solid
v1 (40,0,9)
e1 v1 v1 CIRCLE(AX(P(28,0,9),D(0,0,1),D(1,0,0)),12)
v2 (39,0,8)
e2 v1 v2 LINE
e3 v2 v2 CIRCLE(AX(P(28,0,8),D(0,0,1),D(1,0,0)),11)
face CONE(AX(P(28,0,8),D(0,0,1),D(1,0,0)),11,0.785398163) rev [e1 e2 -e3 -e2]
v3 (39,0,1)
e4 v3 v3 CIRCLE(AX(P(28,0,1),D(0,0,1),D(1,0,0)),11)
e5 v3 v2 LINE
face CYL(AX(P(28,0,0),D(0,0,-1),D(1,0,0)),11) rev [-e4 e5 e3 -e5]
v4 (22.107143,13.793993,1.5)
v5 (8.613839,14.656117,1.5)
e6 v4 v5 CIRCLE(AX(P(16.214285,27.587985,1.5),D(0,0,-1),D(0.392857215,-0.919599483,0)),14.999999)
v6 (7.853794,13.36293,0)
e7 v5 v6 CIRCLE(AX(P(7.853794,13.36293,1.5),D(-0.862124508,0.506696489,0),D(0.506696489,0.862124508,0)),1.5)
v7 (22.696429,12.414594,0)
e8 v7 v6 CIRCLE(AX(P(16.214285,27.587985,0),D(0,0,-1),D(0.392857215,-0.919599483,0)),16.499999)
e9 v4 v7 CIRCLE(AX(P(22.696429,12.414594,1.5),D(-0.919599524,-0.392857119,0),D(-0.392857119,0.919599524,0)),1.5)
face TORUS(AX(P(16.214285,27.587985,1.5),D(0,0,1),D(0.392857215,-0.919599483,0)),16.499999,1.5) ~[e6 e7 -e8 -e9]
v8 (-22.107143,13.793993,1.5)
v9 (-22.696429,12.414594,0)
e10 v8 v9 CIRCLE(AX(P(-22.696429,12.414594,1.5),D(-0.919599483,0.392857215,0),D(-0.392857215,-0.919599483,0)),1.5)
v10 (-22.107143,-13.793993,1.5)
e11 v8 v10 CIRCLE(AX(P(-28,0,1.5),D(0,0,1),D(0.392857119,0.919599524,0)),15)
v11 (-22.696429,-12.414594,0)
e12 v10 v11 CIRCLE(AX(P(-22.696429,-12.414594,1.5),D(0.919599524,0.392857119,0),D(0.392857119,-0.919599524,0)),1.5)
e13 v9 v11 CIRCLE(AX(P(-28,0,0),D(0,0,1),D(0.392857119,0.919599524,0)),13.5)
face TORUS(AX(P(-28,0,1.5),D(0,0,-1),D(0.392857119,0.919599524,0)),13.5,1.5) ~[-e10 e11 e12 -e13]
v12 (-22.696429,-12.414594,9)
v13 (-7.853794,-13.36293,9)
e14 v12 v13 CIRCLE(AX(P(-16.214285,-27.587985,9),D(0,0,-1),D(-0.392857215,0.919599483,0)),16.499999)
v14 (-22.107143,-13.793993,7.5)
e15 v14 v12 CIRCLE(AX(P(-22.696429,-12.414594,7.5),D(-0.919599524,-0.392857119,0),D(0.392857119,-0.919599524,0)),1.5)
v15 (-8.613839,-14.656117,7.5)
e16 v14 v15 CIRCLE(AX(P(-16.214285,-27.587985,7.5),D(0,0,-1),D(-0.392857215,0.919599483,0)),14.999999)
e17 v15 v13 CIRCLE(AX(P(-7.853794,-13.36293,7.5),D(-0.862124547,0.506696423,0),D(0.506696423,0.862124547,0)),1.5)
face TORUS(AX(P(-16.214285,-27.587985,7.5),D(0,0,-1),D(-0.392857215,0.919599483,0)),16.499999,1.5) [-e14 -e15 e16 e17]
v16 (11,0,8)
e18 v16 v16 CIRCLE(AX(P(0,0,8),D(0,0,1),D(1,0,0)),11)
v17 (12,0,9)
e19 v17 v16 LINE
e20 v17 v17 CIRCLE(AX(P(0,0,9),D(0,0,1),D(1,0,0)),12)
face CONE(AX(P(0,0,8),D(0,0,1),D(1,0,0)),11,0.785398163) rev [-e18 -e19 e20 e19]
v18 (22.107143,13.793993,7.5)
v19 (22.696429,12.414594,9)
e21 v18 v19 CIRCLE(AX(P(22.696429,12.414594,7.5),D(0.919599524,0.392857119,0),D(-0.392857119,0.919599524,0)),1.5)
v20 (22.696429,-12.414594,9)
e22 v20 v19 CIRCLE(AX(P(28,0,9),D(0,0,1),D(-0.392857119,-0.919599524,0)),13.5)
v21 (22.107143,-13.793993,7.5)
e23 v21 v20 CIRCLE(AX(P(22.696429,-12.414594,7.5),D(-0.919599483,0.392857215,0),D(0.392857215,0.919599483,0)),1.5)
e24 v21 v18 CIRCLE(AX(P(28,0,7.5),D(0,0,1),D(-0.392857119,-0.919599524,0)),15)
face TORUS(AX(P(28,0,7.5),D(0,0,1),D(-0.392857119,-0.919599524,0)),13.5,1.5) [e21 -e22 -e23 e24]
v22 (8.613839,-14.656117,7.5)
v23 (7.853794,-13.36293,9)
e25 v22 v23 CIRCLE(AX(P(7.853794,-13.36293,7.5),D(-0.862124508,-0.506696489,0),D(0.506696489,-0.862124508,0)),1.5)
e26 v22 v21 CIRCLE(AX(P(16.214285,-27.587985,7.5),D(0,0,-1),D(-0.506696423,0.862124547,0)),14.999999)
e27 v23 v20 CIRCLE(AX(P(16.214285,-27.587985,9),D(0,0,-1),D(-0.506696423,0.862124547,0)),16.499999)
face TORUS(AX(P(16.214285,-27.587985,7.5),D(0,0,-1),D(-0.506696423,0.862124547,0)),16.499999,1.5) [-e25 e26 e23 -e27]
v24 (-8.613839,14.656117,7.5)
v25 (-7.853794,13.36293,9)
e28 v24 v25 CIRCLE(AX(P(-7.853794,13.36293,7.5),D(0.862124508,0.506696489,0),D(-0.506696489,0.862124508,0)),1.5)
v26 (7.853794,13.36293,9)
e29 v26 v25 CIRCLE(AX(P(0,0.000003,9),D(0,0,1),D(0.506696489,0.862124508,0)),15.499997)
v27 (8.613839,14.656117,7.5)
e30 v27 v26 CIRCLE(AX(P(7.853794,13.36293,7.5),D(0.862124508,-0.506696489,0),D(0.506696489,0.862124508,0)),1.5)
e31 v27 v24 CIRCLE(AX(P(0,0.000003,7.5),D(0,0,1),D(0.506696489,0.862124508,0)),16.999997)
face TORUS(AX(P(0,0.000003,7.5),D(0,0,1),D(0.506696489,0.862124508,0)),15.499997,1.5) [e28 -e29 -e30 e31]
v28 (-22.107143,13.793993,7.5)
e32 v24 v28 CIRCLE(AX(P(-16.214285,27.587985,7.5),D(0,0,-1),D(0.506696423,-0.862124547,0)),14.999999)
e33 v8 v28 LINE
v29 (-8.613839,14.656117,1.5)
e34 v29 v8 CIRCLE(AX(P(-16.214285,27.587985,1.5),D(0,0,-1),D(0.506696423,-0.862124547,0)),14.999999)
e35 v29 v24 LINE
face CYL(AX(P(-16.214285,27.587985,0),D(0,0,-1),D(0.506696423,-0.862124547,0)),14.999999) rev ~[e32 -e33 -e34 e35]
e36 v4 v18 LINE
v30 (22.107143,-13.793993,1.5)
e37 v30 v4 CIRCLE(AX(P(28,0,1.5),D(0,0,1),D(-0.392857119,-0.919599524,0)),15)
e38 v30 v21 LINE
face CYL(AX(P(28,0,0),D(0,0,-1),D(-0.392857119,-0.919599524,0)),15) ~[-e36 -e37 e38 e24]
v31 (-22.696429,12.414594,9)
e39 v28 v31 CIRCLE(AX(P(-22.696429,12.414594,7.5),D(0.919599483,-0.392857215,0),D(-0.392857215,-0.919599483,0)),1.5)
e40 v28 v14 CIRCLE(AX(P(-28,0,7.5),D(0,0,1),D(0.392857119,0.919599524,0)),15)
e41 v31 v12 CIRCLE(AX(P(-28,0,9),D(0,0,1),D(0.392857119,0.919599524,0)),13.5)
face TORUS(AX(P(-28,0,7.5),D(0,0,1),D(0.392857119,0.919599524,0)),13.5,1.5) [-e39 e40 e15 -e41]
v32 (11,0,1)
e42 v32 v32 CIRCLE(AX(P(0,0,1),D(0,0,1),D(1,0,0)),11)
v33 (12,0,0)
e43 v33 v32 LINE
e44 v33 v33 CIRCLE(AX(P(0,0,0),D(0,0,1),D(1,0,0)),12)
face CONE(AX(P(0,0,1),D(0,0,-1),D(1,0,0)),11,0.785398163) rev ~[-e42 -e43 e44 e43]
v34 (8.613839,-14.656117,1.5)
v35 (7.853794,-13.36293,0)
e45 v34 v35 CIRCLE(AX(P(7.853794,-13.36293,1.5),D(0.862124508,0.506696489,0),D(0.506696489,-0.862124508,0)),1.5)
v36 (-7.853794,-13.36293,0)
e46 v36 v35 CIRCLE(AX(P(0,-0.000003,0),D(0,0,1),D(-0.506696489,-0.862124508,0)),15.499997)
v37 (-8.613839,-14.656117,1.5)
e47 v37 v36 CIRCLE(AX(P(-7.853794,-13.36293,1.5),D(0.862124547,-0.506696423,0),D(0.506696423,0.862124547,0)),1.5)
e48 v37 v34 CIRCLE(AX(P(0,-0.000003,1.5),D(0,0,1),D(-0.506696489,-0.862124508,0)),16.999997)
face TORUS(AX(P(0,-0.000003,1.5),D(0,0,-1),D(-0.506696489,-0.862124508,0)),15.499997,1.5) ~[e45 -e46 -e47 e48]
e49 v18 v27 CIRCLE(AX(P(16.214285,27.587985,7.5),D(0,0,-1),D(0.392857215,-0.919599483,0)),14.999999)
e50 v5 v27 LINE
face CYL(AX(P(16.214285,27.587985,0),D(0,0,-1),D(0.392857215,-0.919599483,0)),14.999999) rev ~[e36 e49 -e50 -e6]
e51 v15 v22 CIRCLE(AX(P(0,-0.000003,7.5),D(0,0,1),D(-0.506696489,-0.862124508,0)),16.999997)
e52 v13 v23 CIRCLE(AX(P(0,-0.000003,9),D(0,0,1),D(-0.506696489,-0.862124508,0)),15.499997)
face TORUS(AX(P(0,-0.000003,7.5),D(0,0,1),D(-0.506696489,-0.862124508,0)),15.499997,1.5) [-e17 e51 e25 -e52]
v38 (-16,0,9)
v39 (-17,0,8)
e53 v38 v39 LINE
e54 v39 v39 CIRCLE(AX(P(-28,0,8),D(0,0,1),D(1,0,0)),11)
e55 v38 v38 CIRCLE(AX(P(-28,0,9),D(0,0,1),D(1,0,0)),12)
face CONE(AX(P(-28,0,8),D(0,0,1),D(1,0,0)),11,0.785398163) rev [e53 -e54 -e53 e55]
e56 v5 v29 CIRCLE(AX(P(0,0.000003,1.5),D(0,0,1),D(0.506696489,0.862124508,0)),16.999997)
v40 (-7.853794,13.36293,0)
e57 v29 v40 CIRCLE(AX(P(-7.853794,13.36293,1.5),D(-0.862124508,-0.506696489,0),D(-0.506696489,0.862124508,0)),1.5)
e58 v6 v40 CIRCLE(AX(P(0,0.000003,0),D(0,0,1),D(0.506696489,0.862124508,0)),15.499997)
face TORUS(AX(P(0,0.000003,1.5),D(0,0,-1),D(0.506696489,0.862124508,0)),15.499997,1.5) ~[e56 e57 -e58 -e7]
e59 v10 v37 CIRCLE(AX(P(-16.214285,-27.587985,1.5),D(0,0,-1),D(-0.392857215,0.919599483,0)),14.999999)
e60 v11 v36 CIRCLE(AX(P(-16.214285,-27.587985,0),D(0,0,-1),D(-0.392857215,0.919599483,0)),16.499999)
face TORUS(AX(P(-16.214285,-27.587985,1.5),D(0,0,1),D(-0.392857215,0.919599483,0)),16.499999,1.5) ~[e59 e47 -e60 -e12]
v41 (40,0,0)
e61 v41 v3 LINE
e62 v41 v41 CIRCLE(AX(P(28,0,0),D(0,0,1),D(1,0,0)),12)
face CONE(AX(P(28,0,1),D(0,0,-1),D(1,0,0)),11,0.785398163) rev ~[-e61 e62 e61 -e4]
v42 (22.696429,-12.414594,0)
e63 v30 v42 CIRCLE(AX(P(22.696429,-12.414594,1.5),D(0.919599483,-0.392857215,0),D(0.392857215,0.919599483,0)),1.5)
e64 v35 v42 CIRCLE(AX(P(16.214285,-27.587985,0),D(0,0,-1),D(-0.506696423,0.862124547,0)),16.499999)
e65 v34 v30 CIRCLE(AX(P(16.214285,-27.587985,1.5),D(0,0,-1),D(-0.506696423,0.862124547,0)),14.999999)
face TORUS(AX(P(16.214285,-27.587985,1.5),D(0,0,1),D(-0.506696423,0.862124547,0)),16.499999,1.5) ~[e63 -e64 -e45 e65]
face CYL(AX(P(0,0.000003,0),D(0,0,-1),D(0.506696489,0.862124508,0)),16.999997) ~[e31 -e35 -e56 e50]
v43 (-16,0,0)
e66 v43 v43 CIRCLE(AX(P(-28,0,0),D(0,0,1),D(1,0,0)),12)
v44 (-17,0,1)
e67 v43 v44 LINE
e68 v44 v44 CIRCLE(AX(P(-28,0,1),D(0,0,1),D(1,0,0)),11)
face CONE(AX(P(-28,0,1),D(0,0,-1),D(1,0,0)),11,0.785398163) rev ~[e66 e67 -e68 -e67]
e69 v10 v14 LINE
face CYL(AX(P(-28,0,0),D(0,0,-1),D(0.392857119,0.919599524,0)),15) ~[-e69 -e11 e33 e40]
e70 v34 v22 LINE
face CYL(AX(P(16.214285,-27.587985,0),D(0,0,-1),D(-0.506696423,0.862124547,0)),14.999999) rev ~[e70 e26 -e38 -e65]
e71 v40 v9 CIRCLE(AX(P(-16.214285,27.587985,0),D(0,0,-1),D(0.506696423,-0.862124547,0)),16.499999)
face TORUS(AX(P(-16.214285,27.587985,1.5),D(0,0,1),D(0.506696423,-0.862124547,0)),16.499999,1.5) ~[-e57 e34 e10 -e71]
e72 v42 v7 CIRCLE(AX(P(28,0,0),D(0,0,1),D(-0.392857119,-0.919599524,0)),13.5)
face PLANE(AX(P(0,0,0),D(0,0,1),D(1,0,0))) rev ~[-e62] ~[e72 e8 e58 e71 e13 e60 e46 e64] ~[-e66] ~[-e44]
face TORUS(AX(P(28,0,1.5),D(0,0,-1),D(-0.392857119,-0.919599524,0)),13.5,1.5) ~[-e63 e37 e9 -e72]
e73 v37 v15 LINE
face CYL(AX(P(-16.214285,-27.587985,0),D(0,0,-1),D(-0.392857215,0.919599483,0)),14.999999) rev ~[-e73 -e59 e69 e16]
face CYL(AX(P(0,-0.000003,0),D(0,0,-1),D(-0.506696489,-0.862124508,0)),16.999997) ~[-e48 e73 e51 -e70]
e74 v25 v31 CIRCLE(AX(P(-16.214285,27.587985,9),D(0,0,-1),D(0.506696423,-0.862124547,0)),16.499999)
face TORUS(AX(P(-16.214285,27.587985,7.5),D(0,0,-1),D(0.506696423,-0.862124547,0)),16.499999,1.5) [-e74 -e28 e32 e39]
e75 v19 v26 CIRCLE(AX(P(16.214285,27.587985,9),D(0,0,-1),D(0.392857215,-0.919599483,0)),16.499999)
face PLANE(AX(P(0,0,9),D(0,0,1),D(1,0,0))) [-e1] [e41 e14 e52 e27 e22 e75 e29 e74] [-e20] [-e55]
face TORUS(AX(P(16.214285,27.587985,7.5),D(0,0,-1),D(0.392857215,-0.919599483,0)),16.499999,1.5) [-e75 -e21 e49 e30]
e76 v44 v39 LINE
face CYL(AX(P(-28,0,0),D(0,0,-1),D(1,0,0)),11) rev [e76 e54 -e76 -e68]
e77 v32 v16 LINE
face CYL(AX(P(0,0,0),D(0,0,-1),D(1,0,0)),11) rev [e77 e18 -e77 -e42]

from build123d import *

# Parameters (mm, degrees)
F0_R     = 11
F1_DEPTH = 9
F2_R     = 1.5
F3_SIZE  = 1


with BuildPart() as f1:
    # F0 (on Top) → F1 (new body)
    with BuildSketch(Plane.XY):
        with BuildLine():
            ThreePointArc((-8.613839, 14.656117), (-15.257844, 12.618509), (-22.107143, 13.793993))
            ThreePointArc((-22.107143, 13.793993), (-43, 0), (-22.107143, -13.793993))
            ThreePointArc((-22.107143, -13.793993), (-15.257844, -12.618509), (-8.613839, -14.656117))
            ThreePointArc((-8.613839, -14.656117), (0, -17), (8.613839, -14.656117))
            ThreePointArc((8.613839, -14.656117), (15.257844, -12.618509), (22.107143, -13.793993))
            ThreePointArc((22.107143, -13.793993), (43, 0), (22.107143, 13.793993))
            ThreePointArc((22.107143, 13.793993), (15.257844, 12.618509), (8.613839, 14.656117))
            ThreePointArc((8.613839, 14.656117), (0, 17), (-8.613839, 14.656117))
        make_face()
        with Locations((-28, 0)):
            Circle(F0_R, mode=Mode.SUBTRACT)
        Circle(F0_R, mode=Mode.SUBTRACT)
        with Locations((28, 0)):
            Circle(F0_R, mode=Mode.SUBTRACT)
    extrude(amount=F1_DEPTH)

    # F2
    f2_edges = [f1.edges().sort_by_distance(p)[0] for p in [
        (0, 17, 0),
        (0, 17, 9),
    ]]
    fillet(f2_edges, radius=F2_R)

    # F3
    f3_edges = [f1.edges().sort_by_distance(p)[0] for p in [
        (-17, 0, 4.5),
        (-39, 0, 0),
        (-39, 0, 9),
        (11, 0, 4.5),
        (-11, 0, 0),
        (-11, 0, 9),
        (39, 0, 4.5),
        (17, 0, 0),
        (17, 0, 9),
    ]]
    chamfer(f3_edges, length=F3_SIZE)


solid = f1.part
